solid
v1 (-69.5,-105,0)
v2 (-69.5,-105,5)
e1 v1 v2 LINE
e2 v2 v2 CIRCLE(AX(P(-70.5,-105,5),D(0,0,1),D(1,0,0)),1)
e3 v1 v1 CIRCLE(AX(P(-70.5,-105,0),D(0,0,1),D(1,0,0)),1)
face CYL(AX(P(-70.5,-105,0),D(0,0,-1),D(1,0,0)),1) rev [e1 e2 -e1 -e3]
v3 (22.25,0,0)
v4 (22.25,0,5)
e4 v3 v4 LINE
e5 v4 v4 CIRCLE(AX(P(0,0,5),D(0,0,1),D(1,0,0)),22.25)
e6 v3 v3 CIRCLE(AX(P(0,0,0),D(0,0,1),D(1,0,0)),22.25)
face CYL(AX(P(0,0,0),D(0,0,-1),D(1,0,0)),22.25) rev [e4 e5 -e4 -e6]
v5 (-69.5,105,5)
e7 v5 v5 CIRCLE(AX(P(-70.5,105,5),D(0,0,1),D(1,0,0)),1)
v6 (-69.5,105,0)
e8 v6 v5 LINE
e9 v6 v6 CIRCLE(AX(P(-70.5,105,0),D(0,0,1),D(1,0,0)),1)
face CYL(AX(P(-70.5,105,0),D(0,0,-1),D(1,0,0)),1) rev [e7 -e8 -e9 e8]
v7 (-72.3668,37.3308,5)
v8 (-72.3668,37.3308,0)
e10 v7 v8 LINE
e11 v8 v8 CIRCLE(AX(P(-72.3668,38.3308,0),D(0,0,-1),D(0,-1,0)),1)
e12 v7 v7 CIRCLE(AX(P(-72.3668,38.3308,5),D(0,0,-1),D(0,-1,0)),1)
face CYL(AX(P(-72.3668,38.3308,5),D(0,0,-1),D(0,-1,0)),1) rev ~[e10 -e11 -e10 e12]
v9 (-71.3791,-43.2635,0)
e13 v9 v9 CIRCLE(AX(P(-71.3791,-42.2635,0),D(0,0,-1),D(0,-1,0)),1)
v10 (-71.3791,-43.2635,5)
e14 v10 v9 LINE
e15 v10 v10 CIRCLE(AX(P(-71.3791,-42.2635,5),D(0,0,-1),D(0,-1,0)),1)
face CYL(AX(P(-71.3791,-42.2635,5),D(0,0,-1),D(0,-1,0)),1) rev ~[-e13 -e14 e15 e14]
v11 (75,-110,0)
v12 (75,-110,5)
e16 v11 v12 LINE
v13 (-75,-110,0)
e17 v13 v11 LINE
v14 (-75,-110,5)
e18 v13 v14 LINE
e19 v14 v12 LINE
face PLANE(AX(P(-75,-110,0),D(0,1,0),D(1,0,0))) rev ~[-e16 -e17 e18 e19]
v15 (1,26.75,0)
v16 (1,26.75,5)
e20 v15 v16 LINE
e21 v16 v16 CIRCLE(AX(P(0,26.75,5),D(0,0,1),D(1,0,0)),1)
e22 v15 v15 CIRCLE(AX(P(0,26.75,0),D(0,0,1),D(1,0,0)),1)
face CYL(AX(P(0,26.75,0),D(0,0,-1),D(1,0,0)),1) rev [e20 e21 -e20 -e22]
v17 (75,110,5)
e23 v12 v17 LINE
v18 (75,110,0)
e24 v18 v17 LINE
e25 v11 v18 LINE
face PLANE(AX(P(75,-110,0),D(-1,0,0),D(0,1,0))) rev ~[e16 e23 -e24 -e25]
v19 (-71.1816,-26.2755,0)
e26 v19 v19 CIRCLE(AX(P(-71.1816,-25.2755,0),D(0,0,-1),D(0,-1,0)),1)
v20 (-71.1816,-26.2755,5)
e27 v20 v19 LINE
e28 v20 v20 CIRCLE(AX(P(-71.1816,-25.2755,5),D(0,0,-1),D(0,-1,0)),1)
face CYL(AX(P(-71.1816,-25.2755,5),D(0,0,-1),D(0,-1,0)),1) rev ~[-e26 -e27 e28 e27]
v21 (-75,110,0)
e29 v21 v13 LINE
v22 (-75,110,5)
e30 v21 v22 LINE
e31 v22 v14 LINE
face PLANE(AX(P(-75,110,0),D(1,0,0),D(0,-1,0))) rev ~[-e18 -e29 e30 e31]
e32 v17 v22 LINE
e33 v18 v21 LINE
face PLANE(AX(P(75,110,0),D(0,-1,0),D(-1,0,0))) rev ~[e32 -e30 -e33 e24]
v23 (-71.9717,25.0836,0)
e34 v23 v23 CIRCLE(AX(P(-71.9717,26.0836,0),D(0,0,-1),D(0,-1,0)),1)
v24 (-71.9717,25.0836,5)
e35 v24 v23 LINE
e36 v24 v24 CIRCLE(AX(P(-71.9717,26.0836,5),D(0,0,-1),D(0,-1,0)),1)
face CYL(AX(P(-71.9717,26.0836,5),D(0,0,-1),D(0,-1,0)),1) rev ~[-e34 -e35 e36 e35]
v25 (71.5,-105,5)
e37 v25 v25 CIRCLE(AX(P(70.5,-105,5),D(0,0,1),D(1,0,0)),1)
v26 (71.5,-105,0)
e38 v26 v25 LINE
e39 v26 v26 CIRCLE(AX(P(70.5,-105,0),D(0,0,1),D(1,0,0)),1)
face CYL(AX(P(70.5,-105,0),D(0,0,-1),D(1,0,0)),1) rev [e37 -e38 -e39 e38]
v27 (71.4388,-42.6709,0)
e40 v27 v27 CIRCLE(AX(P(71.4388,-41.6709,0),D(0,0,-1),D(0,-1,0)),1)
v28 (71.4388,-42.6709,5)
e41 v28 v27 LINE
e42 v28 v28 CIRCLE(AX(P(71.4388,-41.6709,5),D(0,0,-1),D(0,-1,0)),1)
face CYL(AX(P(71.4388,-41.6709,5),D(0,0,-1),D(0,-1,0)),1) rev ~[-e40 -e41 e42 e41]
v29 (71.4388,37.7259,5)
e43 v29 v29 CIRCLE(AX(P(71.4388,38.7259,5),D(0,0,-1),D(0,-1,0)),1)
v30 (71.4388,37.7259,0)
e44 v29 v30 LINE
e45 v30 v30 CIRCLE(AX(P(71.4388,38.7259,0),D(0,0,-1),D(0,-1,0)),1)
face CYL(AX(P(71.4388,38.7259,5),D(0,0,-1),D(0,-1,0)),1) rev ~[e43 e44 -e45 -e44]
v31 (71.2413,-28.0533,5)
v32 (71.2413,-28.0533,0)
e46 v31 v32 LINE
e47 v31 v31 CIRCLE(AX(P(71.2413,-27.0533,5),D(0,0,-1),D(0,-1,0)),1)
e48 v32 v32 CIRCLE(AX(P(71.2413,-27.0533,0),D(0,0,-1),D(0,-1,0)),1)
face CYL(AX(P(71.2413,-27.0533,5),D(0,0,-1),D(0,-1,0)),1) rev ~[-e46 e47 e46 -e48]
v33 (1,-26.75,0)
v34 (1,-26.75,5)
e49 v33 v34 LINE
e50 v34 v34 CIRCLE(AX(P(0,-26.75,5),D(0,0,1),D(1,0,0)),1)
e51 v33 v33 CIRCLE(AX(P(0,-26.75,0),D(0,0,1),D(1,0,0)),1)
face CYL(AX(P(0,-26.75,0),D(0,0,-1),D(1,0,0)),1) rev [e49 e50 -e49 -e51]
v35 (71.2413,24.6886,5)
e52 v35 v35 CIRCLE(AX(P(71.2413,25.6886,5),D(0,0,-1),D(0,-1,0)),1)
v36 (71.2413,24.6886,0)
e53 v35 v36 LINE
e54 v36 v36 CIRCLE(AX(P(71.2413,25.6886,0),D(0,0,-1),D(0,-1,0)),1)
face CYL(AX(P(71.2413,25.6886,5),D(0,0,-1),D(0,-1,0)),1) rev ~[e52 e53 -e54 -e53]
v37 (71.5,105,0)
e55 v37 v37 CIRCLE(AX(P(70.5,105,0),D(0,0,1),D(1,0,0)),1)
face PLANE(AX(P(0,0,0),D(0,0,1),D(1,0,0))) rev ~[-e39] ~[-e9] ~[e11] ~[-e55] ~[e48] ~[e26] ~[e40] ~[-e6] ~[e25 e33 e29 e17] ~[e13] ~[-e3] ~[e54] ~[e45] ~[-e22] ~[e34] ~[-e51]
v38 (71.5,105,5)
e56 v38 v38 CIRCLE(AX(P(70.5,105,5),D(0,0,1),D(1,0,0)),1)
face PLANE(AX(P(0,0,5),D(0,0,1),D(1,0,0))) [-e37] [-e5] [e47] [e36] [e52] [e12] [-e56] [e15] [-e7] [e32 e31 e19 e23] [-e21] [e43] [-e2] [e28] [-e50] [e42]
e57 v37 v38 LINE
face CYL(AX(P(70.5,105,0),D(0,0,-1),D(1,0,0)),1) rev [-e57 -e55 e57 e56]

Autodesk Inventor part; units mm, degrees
ref_plane "YZ Plane" through (0, 0, 0) normal (1, 0, 0) x (0, 1, 0)
ref_plane "XZ Plane" through (0, 0, 0) normal (0, 1, 0) x (-1, 0, 0)
ref_plane "XY Plane" through (0, 0, 0) normal (0, 0, 1) x (1, 0, 0)
sketch "Sketch1" plane through (0, 0, 0) normal (0, 0, 1) x (1, 0, 0)
  line L0 (75, 110) -> (-75, 110)
  line L1 (-75, 110) -> (-75, -110)
  line L2 (-75, -110) -> (75, -110)
  line L3 (75, -110) -> (75, 110)
  circle A0 centre (0, 0) radius 22.25
  circle A1 centre (0, -26.75) radius 1
  circle A2 centre (0, 26.75) radius 1
  circle A3 centre (108.4721, 5.5003) radius 1.5
  circle A4 centre (70.5, 105) radius 1
  circle A5 centre (-70.5, 105) radius 1
  circle A6 centre (70.5, -105) radius 1
  circle A7 centre (-70.5, -105) radius 1
  dimension "d0" = 150
  dimension "d1" = 220
  dimension "d2" = 44.5
  dimension "d3" = 2
  dimension "d4" = 2
  dimension "d5" = 3
  dimension "d6" = 2
  dimension "d7" = 2
  dimension "d8" = 2
  dimension "d9" = 2
extrude "Extrusion1" add sketch "Sketch1" along normal blind 5 contours L3 L2 L1 L0
sketch "Sketch2" plane through (0, 0, 5) normal (0, 0, 1) x (1, 0, 0)
  line L0 (-34.154, 91.1798) -> (34.154, 91.1798) construction
  line L1 (34.154, 91.1798) -> (34.154, 70.4938) construction
  line L2 (34.154, 70.4938) -> (-34.154, 70.4938) construction
  line L3 (-34.154, 70.4938) -> (-34.154, 91.1798) construction
  point P0 (0, 0)
hole "Hole1" at (71.2413, 25.6886, 5) direction (0, 0, -1) diameter 2 end through all
hole "Hole2" at (-71.9717, 26.0836, 5) direction (0, 0, -1) diameter 2 end through all
hole "Hole3" at (-72.3668, 38.3308, 5) direction (0, 0, -1) diameter 2 end through all
hole "Hole4" at (71.4388, 38.7259, 5) direction (0, 0, -1) diameter 2 end through all
hole "Hole5" at (-71.1816, -25.2755, 5) direction (0, 0, -1) diameter 2 end through all
hole "Hole6" at (71.2413, -27.0533, 5) direction (0, 0, -1) diameter 2 end through all
hole "Hole7" at (71.4388, -41.6709, 5) direction (0, 0, -1) diameter 2 end through all
hole "Hole8" at (-71.3791, -42.2635, 5) direction (0, 0, -1) diameter 2 end through all
properties part number "FrontplatteII"
